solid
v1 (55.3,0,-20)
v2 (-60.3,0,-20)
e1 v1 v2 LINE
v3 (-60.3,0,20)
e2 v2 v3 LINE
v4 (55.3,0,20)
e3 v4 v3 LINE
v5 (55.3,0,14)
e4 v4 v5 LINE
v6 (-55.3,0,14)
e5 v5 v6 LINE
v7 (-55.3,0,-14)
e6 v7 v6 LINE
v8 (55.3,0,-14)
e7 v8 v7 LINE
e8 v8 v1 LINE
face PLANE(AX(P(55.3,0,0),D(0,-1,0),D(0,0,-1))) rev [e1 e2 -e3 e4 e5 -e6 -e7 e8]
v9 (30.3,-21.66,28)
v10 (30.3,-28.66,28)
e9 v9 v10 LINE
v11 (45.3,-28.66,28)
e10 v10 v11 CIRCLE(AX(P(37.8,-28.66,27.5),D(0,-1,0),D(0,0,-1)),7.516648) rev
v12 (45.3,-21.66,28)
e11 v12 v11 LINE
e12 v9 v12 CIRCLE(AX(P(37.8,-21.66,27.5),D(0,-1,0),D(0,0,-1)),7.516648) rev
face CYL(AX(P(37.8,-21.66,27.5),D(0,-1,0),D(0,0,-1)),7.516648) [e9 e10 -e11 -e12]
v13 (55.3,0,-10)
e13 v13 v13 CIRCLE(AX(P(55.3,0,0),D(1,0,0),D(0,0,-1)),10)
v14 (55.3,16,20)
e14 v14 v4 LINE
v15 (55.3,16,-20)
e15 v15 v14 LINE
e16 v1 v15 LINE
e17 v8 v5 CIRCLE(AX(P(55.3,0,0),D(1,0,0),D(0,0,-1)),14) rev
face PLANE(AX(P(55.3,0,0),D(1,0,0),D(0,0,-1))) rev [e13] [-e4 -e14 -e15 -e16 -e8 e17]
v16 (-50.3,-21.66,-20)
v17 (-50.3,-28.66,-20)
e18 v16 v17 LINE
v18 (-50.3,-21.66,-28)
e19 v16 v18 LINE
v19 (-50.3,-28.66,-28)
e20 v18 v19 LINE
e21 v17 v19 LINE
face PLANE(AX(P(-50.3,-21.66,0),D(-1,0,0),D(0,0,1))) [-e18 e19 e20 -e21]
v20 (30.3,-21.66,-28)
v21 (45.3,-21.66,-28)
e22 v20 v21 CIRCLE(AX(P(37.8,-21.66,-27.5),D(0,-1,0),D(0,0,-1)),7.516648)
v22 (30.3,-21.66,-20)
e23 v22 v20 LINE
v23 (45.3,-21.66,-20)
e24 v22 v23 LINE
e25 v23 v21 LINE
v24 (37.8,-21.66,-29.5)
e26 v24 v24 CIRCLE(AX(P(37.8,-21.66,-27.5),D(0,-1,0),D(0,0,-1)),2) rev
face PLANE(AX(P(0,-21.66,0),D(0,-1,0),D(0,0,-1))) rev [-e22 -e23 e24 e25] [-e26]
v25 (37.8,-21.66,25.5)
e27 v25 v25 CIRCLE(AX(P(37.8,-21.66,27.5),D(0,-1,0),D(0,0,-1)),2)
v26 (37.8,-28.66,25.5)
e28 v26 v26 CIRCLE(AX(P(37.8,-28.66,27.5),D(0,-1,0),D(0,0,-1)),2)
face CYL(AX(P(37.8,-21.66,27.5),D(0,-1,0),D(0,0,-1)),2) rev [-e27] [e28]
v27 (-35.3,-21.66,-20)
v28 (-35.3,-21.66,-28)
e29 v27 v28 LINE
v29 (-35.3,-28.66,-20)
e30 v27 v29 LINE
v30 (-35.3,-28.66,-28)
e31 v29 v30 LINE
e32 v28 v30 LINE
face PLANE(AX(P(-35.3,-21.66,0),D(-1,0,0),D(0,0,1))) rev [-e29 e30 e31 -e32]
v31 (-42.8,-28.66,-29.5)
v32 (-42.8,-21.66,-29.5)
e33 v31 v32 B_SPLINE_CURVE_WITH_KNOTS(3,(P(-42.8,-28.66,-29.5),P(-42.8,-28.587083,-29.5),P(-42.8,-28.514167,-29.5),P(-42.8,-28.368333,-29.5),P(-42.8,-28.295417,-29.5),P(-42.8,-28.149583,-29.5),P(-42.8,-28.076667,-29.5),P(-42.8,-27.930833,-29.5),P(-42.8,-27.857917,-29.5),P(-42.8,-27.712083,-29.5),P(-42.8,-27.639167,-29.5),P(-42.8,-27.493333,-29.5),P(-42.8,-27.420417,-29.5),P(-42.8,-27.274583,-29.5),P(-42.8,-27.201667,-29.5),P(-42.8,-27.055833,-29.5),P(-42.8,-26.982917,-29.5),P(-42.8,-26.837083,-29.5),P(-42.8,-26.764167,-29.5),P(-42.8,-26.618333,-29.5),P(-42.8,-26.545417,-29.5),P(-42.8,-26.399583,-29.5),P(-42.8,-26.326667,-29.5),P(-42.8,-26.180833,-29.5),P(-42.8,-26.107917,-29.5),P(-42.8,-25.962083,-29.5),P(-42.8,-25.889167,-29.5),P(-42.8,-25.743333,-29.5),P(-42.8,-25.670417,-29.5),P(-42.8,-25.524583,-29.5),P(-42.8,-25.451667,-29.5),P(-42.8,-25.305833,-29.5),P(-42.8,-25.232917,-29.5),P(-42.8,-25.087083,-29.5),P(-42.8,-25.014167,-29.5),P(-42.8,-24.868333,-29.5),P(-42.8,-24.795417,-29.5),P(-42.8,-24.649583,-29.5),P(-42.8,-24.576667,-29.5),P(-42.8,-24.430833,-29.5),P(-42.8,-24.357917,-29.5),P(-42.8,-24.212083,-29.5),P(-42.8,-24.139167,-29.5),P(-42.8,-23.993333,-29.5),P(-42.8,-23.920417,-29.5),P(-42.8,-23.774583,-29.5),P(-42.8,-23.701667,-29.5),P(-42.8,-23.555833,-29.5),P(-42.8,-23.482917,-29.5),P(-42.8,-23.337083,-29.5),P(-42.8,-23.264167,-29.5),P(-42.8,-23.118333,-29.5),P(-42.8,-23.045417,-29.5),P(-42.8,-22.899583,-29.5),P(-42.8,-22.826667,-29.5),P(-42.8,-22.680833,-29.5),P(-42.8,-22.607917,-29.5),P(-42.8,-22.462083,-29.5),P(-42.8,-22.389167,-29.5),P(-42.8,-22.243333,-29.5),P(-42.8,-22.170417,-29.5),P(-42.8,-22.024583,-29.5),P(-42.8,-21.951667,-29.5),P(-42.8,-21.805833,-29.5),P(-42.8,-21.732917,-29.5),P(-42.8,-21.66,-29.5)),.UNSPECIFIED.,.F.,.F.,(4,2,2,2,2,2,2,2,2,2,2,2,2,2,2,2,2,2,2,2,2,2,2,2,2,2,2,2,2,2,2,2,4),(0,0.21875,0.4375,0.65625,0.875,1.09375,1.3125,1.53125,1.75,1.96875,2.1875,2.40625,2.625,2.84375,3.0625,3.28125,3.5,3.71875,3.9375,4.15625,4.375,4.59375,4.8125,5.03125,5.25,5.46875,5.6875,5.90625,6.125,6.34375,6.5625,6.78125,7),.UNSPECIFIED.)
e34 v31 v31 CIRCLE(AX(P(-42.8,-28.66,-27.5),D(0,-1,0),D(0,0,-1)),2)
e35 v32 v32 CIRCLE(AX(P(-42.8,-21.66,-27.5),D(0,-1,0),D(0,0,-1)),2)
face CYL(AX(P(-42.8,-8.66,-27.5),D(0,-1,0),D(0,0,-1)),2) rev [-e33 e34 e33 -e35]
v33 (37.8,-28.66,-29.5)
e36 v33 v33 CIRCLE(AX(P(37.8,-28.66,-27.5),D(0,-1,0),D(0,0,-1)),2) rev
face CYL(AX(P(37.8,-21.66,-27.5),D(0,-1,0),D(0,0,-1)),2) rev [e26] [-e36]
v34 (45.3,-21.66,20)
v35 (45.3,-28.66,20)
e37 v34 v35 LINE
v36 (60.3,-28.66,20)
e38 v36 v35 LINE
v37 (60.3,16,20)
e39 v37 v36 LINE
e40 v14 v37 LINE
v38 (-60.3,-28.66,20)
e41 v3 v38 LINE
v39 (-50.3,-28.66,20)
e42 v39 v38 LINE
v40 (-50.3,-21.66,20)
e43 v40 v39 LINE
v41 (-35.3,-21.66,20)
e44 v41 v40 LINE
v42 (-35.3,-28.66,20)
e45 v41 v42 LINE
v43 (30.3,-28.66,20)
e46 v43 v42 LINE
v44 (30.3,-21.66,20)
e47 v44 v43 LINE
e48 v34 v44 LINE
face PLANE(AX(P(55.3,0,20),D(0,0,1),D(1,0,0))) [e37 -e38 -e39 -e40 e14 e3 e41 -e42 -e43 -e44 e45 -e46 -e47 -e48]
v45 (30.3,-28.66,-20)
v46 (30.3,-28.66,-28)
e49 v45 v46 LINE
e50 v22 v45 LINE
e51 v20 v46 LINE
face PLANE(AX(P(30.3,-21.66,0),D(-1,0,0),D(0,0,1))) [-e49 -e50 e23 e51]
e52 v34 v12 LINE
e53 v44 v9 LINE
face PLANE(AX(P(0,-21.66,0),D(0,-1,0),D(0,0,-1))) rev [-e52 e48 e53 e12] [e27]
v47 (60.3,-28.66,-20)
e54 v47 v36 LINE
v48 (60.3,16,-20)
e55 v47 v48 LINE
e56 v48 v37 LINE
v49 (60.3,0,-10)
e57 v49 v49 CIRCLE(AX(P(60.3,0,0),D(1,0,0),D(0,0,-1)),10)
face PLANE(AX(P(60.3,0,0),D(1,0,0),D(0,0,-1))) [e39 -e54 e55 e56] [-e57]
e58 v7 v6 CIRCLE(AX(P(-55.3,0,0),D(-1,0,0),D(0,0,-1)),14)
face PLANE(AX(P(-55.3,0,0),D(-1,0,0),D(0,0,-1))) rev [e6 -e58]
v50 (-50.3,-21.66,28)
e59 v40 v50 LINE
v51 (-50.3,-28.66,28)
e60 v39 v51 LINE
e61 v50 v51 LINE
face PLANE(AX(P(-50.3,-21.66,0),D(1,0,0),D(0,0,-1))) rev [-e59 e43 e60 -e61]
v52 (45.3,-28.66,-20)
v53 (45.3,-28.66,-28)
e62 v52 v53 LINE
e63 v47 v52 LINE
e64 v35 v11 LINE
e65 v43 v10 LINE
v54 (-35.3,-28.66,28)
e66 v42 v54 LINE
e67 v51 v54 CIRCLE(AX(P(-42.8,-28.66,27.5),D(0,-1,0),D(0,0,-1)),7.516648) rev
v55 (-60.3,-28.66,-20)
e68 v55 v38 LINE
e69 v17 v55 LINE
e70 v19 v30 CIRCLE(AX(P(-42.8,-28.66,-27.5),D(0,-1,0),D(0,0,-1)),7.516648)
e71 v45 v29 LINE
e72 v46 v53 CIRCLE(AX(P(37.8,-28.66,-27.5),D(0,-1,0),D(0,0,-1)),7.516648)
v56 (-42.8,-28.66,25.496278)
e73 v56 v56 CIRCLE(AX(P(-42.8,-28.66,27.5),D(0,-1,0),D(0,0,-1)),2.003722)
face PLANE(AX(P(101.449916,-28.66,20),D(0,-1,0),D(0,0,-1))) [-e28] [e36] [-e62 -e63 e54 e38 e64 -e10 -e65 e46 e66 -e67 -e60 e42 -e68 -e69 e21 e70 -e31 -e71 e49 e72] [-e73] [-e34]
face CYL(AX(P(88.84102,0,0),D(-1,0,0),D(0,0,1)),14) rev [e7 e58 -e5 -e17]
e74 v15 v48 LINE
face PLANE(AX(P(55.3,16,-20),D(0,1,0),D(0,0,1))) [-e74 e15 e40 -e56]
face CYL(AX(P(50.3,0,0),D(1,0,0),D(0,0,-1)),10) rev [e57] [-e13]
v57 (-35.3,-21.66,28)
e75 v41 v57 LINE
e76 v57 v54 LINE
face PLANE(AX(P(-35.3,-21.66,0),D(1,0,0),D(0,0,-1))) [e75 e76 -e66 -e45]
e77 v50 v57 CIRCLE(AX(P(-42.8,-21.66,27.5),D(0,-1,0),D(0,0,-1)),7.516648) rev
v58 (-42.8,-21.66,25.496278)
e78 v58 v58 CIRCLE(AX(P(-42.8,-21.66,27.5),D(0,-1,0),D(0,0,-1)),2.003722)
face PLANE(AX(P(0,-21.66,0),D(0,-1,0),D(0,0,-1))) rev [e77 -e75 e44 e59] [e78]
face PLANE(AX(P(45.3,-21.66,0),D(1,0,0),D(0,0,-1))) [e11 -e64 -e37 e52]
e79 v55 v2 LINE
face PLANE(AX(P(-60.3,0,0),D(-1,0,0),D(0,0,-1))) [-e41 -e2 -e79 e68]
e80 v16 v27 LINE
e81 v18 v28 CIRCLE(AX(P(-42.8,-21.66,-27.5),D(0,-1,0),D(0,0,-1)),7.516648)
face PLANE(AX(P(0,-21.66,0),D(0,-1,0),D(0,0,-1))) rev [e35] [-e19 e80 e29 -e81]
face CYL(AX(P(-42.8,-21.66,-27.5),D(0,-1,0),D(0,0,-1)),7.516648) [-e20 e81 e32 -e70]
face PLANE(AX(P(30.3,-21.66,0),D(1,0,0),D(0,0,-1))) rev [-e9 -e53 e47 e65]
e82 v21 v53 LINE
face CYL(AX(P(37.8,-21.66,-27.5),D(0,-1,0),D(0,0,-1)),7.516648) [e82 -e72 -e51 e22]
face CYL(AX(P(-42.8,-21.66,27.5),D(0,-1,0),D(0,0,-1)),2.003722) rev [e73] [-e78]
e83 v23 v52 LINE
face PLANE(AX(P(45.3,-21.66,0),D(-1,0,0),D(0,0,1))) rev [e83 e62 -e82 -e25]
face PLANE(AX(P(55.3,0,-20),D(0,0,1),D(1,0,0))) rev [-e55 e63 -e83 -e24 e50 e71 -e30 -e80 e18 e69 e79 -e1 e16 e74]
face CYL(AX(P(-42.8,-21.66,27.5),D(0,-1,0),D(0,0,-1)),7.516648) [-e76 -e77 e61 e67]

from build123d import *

# Parameters (mm, degrees)
BOSS_EXTRUDE1_DEPTH     = 55.3
SKETCH3_W               = 40
SKETCH3_H               = 19
BOSS_EXTRUDE2_DEPTH     = 5
SKETCH5_R               = 10
CUT_EXTRUDE1_DEPTH      = 10
SKETCH6_W               = 15
SKETCH6_H               = 15
SKETCH6_R               = 2
BOSS_EXTRUDE3_DEPTH     = 5
BOSS_EXTRUDE3_2_DEPTH   = 5
BOSS_EXTRUDE3_3_DEPTH   = 5
BOSS_EXTRUDE3_4_DEPTH   = 5
FILLET5_R               = 7
FILLET2_R               = 7
FILLET3_R               = 7
FILLET4_R               = 7
BOSS_EXTRU_1_START      = 110.6
BOSS_EXTRU_1_DEPTH      = 110.6
ESQUISSE11_W            = 40
ESQUISSE11_H            = 9.66
BOSS_EXTRU_5_DEPTH      = 120.6
ESQUISSE12_R            = 2.003722313
ESQUISSE12_R_2          = 2
BOSS_EXTRU_6_DEPTH      = 7
ESQUISSE13_W            = 97.971196864
ESQUISSE13_H            = 26.942074747
ENL_V_MAT_EXTRU_2_DEPTH = 20
ESQUISSE16_R            = 2
ENL_V_MAT_EXTRU_3_DEPTH = 20
BOSS_EXTRU_7_DEPTH      = 5


with BuildPart() as part:
    # Sketch1 → Boss-Extrude1 (new, symmetric)
    with BuildSketch(Plane(origin=(0, 0, 0), x_dir=(0, 0, -1), z_dir=(1, 0, 0))):
        with BuildLine():
            ThreePointArc((-15, 0), (0, -15), (15, 0))
            Line((15, 0), (20, 0))
            Line((20, 0), (20, -19))
            Line((20, -19), (-20, -19))
            Line((-20, -19), (-20, 0))
            Line((-20, 0), (-15, 0))
        make_face()
    extrude(amount=BOSS_EXTRUDE1_DEPTH, both=True)

    # Sketch3 → Boss-Extrude2 (add)
    with BuildSketch(Plane(origin=(55.3, 0, 0), x_dir=(0, 0, -1), z_dir=(1, 0, 0))):
        with Locations((0, -9.5)):
            Rectangle(SKETCH3_W, SKETCH3_H)
    boss_extrude2 = extrude(amount=BOSS_EXTRUDE2_DEPTH)

    # Mirror1: Boss-Extrude2 across plane
    add(boss_extrude2.mirror(Plane(origin=(0, 0, 0), x_dir=(0, 0, 1), z_dir=(1, 0, 0))))

    # Sketch5 → Cut-Extrude1 (cut)
    with BuildSketch(Plane(origin=(60.3, 0, 0), x_dir=(0, 0, -1), z_dir=(1, 0, 0))):
        Circle(SKETCH5_R)
    extrude(amount=-CUT_EXTRUDE1_DEPTH, mode=Mode.SUBTRACT)

    # Esquisse3 → Boss.-Extru.1 (add)
    with BuildSketch(Plane(origin=(-55.3, 0, 0), x_dir=(0, 0, -1), z_dir=(1, 0, 0)).offset(BOSS_EXTRU_1_START)):
        with BuildLine():
            Line((-15, 0), (-14, 0))
            ThreePointArc((-14, 0), (0, -14), (14, 0))
            Line((14, 0), (15, 0))
            ThreePointArc((15, 0), (0, -15), (-15, 0))
        make_face()
    extrude(amount=-BOSS_EXTRU_1_DEPTH)



with BuildPart() as body_2:
    # Sketch6 → Boss-Extrude3 (new body)
    with BuildSketch(Plane.XZ.offset(19)):
        with Locations((37.8, 27.5)):
            Rectangle(SKETCH6_W, SKETCH6_H)
        with Locations(Location((37.8, 27.5, 0), (0, 0, 270))):
            Circle(SKETCH6_R, mode=Mode.SUBTRACT)
    extrude(amount=-BOSS_EXTRUDE3_DEPTH)

    # Fillet5
    fillet5_edges = [body_2.edges().sort_by_distance(p)[0] for p in [
        (30.3, -16.5, 35),
        (45.3, -16.5, 35),
    ]]
    fillet(fillet5_edges, radius=FILLET5_R)


with BuildPart() as body_3:
    # Sketch6 → Boss-Extrude3 2 (new body)
    with BuildSketch(Plane.XZ.offset(19)):
        with Locations((-42.8, 27.5)):
            Rectangle(SKETCH6_W, SKETCH6_H)
        with Locations(Location((-42.8, 27.5, 0), (0, 0, 270))):
            Circle(SKETCH6_R, mode=Mode.SUBTRACT)
    extrude(amount=-BOSS_EXTRUDE3_2_DEPTH)

    # Fillet2
    fillet2_edges = [body_3.edges().sort_by_distance(p)[0] for p in [
        (-35.3, -16.5, 35),
        (-50.3, -16.5, 35),
    ]]
    fillet(fillet2_edges, radius=FILLET2_R)


with BuildPart() as body_4:
    # Sketch6 → Boss-Extrude3 3 (new body)
    with BuildSketch(Plane.XZ.offset(19)):
        with Locations((37.8, -27.5)):
            Rectangle(SKETCH6_W, SKETCH6_H)
        with Locations(Location((37.8, -27.5, 0), (0, 0, 90))):
            Circle(SKETCH6_R, mode=Mode.SUBTRACT)
    extrude(amount=-BOSS_EXTRUDE3_3_DEPTH)

    # Fillet4
    fillet4_edges = [body_4.edges().sort_by_distance(p)[0] for p in [
        (30.3, -16.5, -35),
        (45.3, -16.5, -35),
    ]]
    fillet(fillet4_edges, radius=FILLET4_R)


with BuildPart() as body_5:
    # Sketch6 → Boss-Extrude3 4 (new body)
    with BuildSketch(Plane.XZ.offset(19)):
        with Locations((-42.8, -27.5)):
            Rectangle(SKETCH6_W, SKETCH6_H)
        with Locations(Location((-42.8, -27.5, 0), (0, 0, 90))):
            Circle(SKETCH6_R, mode=Mode.SUBTRACT)
    extrude(amount=-BOSS_EXTRUDE3_4_DEPTH)

    # Fillet3
    fillet3_edges = [body_5.edges().sort_by_distance(p)[0] for p in [
        (-50.3, -16.5, -35),
        (-35.3, -16.5, -35),
    ]]
    fillet(fillet3_edges, radius=FILLET3_R)


with BuildPart() as part_1:
    add(part.part)

    add(body_2.part)  # Boss.-Extru.5 merges body 2

    add(body_3.part)  # Boss.-Extru.5 merges body 3

    add(body_4.part)  # Boss.-Extru.5 merges body 4

    add(body_5.part)  # Boss.-Extru.5 merges body 5
    # Esquisse11 → Boss.-Extru.5 (add)
    with BuildSketch(Plane.ZY.offset(60.3)):
        with Locations((0, -23.83)):
            Rectangle(ESQUISSE11_W, ESQUISSE11_H)
    extrude(amount=-BOSS_EXTRU_5_DEPTH)

    # Esquisse12 → Boss.-Extru.6 (add)
    # profile 1 of 4: a face of its own
    with BuildSketch(Plane.XZ.offset(28.66)):
        with BuildLine():
            Line((-50.3, 28), (-50.3, 20))
            Line((-50.3, 20), (-35.3, 20))
            Line((-35.3, 20), (-35.3, 28))
            ThreePointArc((-35.3, 28), (-42.8, 35.016648189), (-50.3, 28))
        make_face()
        with Locations(Location((-42.8, 27.5, 0), (0, 0, 270))):
            Circle(ESQUISSE12_R, mode=Mode.SUBTRACT)
    # profile 2 of 4: a face of its own
    with BuildSketch(Plane.XZ.offset(28.66)):
        with BuildLine():
            Line((-35.3, -20), (-50.3, -20))
            Line((-50.3, -20), (-50.3, -28))
            ThreePointArc((-50.3, -28), (-42.8, -35.016648189), (-35.3, -28))
            Line((-35.3, -28), (-35.3, -20))
        make_face()
    # profile 3 of 4: a face of its own
    with BuildSketch(Plane.XZ.offset(28.66)):
        with BuildLine():
            Line((45.3, -20), (30.3, -20))
            Line((30.3, -20), (30.3, -28))
            ThreePointArc((30.3, -28), (37.8, -35.016648189), (45.3, -28))
            Line((45.3, -28), (45.3, -20))
        make_face()
        with Locations(Location((37.8, -27.5, 0), (0, 0, 90))):
            Circle(ESQUISSE12_R_2, mode=Mode.SUBTRACT)
    # profile 4 of 4: a face of its own
    with BuildSketch(Plane.XZ.offset(28.66)):
        with BuildLine():
            Line((30.3, 28), (30.3, 20))
            Line((30.3, 20), (45.3, 20))
            Line((45.3, 20), (45.3, 28))
            ThreePointArc((45.3, 28), (37.8, 35.016648189), (30.3, 28))
        make_face()
        with Locations(Location((37.8, 27.5, 0), (0, 0, 270))):
            Circle(ESQUISSE12_R_2, mode=Mode.SUBTRACT)
    extrude(amount=-BOSS_EXTRU_6_DEPTH)

    # Esquisse13 → Enlèv. mat.-Extru.2 (cut)
    with BuildSketch(Plane(origin=(0, 0, 0), x_dir=(1, 0, 0), z_dir=(0, 1, 0))):
        Polygon((-50.3, -20), (-50.3, -48.328087832), (45.678803054, -48.328087832), (45.3, -20), align=None)
        with Locations((-1.314401568, 33.471037373)):
            Rectangle(ESQUISSE13_W, ESQUISSE13_H)
    extrude(amount=-ENL_V_MAT_EXTRU_2_DEPTH, mode=Mode.SUBTRACT)

    # Esquisse16 → Enlèv. mat.-Extru.3 (cut)
    with BuildSketch(Plane.XZ.offset(28.66)):
        with Locations(Location((-42.8, -27.5, 0), (0, 0, 270))):
            Circle(ESQUISSE16_R)
    extrude(amount=-ENL_V_MAT_EXTRU_3_DEPTH, mode=Mode.SUBTRACT)

    # Esquisse18 → Boss.-Extru.7 (add)
    with BuildSketch(Plane(origin=(60.3, 0, 0), x_dir=(0, 0, -1), z_dir=(1, 0, 0))):
        with BuildLine():
            Line((-20, 0), (-20, 16))
            Line((-20, 16), (20, 16))
            Line((20, 16), (20, 0))
            Line((20, 0), (10, 0))
            ThreePointArc((10, 0), (0, 10), (-10, 0))
            Line((-10, 0), (-20, 0))
        make_face()
    extrude(amount=-BOSS_EXTRU_7_DEPTH)


solid = part_1.part
